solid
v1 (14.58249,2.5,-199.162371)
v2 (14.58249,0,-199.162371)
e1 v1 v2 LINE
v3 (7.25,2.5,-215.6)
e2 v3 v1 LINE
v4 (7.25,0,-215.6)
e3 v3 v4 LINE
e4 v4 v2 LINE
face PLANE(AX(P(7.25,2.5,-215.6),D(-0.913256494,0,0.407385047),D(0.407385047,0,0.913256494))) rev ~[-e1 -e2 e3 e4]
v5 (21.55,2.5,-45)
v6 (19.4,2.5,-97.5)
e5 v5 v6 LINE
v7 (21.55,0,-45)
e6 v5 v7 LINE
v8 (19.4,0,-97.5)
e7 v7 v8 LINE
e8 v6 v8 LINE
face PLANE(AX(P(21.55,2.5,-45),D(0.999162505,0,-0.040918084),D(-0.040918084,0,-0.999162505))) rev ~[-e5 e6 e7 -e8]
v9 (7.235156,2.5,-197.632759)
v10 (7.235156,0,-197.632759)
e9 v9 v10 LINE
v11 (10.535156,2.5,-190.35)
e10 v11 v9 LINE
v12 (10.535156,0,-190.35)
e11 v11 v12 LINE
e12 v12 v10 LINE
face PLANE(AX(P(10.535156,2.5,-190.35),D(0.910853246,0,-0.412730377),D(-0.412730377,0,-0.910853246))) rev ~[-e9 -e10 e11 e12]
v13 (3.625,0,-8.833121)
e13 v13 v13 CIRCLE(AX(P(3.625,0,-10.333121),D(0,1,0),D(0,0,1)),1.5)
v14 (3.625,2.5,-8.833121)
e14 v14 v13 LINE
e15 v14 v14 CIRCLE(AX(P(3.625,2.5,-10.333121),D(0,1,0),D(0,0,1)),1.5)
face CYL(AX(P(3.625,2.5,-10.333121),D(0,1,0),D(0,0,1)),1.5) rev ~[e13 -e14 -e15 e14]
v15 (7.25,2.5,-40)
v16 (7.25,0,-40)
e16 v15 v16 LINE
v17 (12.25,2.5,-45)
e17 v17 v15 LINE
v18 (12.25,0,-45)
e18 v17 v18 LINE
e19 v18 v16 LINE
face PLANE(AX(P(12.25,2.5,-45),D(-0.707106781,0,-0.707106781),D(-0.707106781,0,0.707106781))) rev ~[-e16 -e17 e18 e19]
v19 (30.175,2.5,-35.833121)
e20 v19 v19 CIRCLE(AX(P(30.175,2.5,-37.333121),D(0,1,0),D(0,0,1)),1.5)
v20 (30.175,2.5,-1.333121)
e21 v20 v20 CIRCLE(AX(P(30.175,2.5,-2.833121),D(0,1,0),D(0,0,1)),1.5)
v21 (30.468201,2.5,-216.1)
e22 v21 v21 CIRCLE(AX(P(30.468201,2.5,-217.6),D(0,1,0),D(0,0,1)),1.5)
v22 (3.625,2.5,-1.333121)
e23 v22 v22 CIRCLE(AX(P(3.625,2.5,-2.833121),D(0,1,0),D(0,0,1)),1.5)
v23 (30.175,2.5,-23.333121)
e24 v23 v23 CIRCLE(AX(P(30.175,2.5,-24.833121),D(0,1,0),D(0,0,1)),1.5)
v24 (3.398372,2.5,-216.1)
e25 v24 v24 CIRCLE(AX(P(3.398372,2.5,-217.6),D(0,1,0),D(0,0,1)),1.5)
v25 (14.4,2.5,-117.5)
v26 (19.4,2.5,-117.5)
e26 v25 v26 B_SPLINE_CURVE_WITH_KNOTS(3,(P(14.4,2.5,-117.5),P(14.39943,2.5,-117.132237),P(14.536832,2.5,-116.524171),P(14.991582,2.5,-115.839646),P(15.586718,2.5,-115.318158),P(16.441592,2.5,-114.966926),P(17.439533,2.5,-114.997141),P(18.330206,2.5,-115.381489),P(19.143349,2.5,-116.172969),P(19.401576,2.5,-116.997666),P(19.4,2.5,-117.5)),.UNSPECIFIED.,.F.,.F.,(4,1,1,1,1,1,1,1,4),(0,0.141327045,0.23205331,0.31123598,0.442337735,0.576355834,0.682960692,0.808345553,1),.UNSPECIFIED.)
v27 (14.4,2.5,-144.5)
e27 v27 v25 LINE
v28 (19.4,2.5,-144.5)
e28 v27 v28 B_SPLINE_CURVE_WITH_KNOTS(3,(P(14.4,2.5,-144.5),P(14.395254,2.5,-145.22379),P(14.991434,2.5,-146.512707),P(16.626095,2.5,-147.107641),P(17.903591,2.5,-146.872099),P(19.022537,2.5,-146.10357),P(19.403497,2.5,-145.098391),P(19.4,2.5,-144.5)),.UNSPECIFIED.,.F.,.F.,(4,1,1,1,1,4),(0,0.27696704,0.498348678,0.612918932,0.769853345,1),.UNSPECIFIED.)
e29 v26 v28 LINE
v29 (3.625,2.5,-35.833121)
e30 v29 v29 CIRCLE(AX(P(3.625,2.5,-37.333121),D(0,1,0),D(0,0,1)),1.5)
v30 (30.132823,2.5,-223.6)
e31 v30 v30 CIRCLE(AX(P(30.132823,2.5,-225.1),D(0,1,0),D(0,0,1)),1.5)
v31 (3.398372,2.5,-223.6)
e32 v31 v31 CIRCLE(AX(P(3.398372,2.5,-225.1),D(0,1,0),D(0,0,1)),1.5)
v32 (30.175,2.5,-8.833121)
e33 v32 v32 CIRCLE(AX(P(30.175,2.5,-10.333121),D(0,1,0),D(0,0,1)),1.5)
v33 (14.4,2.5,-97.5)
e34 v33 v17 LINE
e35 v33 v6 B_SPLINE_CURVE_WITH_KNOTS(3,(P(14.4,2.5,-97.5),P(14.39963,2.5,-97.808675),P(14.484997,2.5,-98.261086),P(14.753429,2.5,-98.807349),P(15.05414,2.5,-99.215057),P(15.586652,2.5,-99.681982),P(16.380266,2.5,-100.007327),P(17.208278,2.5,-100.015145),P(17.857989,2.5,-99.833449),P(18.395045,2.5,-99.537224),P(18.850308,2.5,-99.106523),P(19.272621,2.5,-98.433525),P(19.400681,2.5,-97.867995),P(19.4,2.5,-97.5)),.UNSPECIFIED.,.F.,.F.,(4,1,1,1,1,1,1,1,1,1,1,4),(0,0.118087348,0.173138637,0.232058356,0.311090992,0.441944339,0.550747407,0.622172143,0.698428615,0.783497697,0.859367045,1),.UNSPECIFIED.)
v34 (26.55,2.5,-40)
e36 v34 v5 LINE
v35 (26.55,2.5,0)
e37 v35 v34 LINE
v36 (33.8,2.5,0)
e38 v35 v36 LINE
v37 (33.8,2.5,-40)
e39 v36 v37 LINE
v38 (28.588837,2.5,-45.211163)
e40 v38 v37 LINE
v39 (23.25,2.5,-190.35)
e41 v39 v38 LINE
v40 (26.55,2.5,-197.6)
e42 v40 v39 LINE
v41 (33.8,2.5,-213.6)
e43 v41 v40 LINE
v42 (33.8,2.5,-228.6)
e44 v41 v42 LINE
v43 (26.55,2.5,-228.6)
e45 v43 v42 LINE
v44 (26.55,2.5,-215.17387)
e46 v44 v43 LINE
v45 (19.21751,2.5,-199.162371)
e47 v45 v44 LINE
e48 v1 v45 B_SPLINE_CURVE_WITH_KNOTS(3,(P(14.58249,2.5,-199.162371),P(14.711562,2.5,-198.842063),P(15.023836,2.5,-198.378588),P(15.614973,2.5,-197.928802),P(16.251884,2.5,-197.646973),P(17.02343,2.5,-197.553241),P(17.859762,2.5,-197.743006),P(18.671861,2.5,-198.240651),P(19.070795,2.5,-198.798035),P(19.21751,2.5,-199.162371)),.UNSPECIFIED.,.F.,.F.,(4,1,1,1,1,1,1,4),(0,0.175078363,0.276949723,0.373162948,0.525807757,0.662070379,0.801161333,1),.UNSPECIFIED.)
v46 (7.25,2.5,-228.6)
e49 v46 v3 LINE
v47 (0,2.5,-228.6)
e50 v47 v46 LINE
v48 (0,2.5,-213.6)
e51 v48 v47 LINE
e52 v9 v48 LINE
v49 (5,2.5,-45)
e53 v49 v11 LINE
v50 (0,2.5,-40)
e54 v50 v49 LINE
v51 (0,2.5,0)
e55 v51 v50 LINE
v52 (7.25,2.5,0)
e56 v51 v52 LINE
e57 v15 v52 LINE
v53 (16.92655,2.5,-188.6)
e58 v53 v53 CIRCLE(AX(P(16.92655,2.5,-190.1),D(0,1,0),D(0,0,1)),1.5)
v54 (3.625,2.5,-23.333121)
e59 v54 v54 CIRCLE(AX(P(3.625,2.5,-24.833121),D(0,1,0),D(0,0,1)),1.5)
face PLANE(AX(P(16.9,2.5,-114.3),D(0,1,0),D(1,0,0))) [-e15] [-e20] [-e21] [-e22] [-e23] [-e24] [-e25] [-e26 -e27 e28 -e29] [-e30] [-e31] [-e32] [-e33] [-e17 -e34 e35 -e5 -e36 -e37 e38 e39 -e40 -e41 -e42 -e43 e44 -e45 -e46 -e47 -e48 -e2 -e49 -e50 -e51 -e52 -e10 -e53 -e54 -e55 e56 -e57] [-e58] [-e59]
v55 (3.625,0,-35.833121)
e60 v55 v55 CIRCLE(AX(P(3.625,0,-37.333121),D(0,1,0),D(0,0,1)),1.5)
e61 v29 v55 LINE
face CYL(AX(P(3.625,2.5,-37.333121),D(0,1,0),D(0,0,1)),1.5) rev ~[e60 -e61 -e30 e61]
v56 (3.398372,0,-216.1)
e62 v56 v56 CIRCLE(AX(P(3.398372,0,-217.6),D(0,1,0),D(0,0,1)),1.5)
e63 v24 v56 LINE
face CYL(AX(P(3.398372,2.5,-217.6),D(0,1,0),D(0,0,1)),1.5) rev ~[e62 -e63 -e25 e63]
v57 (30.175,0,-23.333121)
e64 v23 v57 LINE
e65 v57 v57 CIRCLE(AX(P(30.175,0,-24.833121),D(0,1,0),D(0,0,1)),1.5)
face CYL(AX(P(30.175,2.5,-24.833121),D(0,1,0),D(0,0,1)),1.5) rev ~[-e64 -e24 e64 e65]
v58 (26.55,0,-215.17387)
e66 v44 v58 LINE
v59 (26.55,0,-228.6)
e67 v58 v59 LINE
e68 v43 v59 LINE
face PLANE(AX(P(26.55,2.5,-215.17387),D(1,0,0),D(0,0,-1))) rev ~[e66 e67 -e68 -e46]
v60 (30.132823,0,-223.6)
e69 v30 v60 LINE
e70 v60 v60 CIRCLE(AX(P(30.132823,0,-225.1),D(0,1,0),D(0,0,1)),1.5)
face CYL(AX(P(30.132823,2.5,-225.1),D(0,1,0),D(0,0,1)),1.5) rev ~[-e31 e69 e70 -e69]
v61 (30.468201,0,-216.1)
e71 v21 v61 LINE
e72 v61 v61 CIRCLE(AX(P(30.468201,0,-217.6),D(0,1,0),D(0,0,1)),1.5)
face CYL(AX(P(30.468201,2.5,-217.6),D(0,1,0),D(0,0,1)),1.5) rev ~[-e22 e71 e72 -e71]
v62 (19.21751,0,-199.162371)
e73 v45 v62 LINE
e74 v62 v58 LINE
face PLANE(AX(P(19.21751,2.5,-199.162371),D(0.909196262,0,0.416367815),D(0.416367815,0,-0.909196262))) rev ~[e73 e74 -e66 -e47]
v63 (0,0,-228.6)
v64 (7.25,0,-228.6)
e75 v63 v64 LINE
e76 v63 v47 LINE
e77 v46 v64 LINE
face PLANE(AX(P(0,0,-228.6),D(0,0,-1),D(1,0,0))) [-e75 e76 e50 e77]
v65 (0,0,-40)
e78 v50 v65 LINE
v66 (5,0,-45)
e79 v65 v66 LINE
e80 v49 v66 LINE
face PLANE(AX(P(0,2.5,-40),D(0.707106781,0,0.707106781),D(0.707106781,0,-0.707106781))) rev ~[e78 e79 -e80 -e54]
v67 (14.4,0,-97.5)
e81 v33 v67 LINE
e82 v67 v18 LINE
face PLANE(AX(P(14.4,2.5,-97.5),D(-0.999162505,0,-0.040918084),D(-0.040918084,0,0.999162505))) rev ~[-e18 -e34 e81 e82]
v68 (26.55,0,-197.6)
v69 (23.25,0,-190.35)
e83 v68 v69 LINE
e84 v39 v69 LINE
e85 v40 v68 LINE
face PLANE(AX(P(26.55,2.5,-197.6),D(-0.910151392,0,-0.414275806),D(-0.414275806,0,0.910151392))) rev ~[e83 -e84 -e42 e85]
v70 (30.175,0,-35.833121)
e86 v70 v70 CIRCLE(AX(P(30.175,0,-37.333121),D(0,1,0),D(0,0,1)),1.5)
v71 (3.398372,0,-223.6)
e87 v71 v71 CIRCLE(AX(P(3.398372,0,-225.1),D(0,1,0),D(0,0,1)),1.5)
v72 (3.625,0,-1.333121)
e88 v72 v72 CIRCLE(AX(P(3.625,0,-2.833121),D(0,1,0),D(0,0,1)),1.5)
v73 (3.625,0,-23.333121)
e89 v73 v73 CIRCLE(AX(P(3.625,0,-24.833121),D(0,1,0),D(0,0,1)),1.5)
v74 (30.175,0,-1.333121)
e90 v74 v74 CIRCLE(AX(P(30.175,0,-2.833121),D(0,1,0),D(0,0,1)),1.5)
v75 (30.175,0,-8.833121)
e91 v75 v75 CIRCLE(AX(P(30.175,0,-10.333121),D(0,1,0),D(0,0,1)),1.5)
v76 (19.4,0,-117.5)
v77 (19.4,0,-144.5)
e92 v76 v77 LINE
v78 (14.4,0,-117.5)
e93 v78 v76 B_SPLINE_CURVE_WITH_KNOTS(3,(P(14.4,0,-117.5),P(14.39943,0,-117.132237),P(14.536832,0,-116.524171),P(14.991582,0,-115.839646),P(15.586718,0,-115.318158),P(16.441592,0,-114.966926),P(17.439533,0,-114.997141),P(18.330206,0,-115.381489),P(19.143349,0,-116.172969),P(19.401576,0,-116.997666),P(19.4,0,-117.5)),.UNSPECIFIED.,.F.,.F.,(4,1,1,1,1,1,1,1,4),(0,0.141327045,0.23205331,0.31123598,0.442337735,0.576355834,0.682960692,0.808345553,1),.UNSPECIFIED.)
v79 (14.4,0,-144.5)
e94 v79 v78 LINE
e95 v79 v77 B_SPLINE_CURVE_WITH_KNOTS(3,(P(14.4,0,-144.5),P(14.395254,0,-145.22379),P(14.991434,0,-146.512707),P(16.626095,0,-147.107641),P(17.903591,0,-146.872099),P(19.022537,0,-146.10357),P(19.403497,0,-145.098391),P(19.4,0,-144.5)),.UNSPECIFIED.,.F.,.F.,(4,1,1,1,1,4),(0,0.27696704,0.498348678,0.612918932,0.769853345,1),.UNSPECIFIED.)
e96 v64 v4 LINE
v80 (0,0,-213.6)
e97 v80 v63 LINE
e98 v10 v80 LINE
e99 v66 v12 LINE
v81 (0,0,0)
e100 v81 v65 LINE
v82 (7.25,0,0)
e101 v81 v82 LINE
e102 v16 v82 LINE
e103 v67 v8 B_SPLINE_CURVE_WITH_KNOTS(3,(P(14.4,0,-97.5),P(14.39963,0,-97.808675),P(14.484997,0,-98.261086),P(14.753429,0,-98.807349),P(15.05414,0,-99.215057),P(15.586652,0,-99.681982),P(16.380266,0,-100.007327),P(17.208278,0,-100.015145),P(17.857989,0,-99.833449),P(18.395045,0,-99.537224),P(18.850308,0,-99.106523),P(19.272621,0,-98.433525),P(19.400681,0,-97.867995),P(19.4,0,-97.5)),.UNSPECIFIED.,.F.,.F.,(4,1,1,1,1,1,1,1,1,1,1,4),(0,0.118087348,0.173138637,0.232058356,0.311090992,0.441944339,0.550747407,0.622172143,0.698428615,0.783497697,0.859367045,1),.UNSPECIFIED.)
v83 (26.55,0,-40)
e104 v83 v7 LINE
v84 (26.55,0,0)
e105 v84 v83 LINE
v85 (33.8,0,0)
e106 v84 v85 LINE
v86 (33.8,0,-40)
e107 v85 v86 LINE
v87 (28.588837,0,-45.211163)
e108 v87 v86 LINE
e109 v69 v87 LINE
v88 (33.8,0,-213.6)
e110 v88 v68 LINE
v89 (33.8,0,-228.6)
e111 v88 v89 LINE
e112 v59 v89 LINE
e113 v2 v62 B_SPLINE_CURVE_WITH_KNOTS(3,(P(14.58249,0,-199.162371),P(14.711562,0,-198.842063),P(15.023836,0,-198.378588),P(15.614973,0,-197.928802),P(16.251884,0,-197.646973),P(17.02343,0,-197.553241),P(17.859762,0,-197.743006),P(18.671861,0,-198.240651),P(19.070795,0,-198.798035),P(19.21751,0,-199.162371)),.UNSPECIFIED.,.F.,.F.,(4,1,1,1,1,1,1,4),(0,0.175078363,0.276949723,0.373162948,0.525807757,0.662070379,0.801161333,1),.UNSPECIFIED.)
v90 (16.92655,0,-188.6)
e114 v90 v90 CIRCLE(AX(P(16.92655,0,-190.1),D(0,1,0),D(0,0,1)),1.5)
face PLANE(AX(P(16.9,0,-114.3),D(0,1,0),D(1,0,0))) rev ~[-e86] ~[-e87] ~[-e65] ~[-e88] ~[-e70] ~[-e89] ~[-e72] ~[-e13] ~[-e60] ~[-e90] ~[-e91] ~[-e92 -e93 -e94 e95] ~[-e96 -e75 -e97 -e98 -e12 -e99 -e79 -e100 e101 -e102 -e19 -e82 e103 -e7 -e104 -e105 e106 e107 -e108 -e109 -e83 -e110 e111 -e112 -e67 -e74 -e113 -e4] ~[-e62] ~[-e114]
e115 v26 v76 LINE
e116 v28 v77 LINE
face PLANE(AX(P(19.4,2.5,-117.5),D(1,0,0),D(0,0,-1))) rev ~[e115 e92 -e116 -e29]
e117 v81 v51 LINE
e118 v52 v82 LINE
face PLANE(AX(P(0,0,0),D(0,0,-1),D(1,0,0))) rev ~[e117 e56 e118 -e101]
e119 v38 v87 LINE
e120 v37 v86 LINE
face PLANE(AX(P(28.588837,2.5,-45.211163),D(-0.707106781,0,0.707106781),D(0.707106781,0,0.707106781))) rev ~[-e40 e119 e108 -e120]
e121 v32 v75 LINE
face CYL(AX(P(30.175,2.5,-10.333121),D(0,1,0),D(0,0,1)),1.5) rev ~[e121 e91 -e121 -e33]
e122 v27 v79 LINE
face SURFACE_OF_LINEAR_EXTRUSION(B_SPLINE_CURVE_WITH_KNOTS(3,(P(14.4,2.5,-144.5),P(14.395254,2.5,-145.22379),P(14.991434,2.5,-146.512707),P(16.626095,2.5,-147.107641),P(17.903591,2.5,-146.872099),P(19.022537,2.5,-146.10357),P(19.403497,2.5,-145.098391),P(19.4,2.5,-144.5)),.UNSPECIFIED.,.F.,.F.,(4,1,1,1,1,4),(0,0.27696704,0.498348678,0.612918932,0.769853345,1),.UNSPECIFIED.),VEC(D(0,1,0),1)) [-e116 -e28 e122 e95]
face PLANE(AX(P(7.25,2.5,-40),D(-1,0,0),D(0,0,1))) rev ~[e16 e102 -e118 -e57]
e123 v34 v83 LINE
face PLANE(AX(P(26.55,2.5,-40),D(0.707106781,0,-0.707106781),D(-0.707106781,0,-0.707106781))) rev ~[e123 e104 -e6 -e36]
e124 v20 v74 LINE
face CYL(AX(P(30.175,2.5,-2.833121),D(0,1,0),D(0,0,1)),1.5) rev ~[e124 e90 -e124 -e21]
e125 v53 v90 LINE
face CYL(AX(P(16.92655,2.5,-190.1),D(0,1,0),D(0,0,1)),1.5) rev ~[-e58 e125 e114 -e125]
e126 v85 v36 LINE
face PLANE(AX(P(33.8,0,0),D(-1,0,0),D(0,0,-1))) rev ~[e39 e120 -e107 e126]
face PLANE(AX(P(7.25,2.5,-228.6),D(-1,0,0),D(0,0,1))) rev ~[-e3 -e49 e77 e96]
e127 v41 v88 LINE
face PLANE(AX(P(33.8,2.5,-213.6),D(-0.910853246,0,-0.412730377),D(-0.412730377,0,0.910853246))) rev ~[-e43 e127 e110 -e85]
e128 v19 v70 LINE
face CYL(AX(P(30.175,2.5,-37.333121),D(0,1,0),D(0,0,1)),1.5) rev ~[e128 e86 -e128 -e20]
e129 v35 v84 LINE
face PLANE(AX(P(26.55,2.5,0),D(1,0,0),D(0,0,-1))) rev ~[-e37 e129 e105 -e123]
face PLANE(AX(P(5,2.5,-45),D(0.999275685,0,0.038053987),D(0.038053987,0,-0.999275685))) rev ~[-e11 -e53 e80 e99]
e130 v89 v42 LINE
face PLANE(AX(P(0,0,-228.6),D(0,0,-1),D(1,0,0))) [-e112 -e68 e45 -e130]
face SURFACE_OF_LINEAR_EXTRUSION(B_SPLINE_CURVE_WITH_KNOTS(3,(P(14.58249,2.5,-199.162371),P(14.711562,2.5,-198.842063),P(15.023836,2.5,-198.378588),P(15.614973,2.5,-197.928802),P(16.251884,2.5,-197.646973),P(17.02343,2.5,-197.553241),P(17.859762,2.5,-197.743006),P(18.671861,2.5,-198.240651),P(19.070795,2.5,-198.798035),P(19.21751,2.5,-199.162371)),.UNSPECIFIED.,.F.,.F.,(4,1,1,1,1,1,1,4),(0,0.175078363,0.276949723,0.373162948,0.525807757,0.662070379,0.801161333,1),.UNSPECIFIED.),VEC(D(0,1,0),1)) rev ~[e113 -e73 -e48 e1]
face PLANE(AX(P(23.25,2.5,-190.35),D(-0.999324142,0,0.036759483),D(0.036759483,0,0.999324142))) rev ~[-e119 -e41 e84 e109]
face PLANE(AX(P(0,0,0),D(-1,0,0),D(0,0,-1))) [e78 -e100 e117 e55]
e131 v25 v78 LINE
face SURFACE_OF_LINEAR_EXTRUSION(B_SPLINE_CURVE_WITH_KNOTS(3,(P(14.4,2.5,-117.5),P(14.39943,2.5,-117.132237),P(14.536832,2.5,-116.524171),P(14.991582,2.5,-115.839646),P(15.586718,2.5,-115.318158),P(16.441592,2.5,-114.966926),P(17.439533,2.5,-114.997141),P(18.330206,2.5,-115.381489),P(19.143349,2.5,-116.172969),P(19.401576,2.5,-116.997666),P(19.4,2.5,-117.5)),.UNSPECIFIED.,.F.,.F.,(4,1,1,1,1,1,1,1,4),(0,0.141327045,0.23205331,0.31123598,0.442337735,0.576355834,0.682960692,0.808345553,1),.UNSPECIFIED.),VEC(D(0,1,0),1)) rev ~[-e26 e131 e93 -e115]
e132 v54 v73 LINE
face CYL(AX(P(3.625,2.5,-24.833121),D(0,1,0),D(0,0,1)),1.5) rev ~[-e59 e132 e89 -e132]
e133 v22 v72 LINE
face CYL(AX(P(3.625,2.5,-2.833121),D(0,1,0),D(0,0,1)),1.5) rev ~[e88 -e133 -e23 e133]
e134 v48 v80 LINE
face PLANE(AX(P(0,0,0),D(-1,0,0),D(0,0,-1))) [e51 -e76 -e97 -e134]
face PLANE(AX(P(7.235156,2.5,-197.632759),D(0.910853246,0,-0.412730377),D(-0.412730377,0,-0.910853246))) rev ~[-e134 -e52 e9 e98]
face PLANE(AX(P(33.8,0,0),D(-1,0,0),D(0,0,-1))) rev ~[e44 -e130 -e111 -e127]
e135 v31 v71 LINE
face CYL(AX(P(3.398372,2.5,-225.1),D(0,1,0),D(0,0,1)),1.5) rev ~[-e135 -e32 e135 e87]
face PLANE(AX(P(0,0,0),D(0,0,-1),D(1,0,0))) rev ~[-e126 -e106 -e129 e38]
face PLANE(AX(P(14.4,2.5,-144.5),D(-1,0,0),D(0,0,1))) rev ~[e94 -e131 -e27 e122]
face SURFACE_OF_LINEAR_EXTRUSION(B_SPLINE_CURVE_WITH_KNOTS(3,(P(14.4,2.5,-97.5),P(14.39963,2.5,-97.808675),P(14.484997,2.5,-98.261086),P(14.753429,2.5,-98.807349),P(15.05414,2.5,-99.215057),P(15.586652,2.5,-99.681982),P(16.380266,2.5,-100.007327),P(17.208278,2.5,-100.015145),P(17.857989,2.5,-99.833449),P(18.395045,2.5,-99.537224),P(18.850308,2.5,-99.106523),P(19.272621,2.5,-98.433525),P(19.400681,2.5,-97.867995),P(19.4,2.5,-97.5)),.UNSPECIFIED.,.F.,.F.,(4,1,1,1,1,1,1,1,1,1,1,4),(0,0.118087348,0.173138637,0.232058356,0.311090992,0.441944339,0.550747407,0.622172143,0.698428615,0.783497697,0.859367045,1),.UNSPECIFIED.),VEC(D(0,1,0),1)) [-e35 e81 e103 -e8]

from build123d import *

# Parameters (mm, degrees)
SKETCH1_W           = 33.8
SKETCH1_H           = 228.6
BOSS_EXTRUDE1_DEPTH = 2.5
CUT_EXTRUDE1_DEPTH  = 2.5
SKETCH2_6_OUTSIDE_W = 82.02
SKETCH2_6_OUTSIDE_H = 276.82
CUT_EXTRUDE2_DEPTH  = 2.5
SKETCH5_R           = 1.5
CUT_EXTRUDE3_DEPTH  = 2.5


with BuildPart() as part:
    # Sketch1 → Boss-Extrude1 (new body)
    with BuildSketch(Plane(origin=(0, 0, 0), x_dir=(1, 0, 0), z_dir=(0, 1, 0))):
        with Locations((16.9, 114.3)):
            Rectangle(SKETCH1_W, SKETCH1_H)
    extrude(amount=BOSS_EXTRUDE1_DEPTH)

    # Sketch2 → Cut-Extrude1 (cut)
    with BuildSketch(Plane(origin=(0, 2.5, 0), x_dir=(1, 0, 0), z_dir=(0, 1, 0))):
        with BuildLine():
            Line((14.4, 144.5), (14.4, 117.5))
            add(Edge.make_bspline(
                [(14.4, 117.5), (14.399430285, 117.132237239), (14.536831695, 116.524171276), (14.991581605, 115.839645543), (15.586717627, 115.318158312), (16.441592425, 114.966926324), (17.439533495, 114.99714129), (18.330206262, 115.381489106), (19.143348717, 116.172968782), (19.401576387, 116.99766646), (19.4, 117.5)],
                knots=[0, 0, 0, 0, 0.141327045, 0.23205331, 0.31123598, 0.442337735, 0.576355834, 0.682960692, 0.808345553, 1, 1, 1, 1], degree=3))
            Line((19.4, 117.5), (19.4, 144.5))
            add(Edge.make_bspline(
                [(14.4, 144.5), (14.395253504, 145.223790204), (14.991433849, 146.512706872), (16.62609513, 147.107640812), (17.903590827, 146.872098871), (19.022537404, 146.103569848), (19.403497366, 145.098391499), (19.4, 144.5)],
                knots=[0, 0, 0, 0, 0.27696704, 0.498348678, 0.612918932, 0.769853345, 1, 1, 1, 1], degree=3))
        make_face()
    extrude(amount=-CUT_EXTRUDE1_DEPTH, mode=Mode.SUBTRACT)

    # Sketch2<6> outside → Cut-Extrude2 (cut)
    with BuildSketch(Plane(origin=(0, 2.5, 0), x_dir=(1, 0, 0), z_dir=(0, 1, 0))):
        with Locations((16.9, 114.3)):
            Rectangle(SKETCH2_6_OUTSIDE_W, SKETCH2_6_OUTSIDE_H)
        with BuildLine():
            Line((0, 228.6), (7.25, 228.6))
            Line((7.25, 228.6), (7.25, 215.6))
            Line((7.25, 215.6), (14.582490059, 199.162371251))
            add(Edge.make_bspline(
                [(14.582490059, 199.162371251), (14.711561898, 198.842062842), (15.023836131, 198.378588046), (15.614972661, 197.928802428), (16.251883656, 197.646972571), (17.023429753, 197.553241488), (17.859761798, 197.743006401), (18.671860535, 198.240651313), (19.070795177, 198.798035014), (19.217509941, 199.162371251)],
                knots=[0, 0, 0, 0, 0.175078363, 0.276949723, 0.373162948, 0.525807757, 0.662070379, 0.801161333, 1, 1, 1, 1], degree=3))
            Line((19.217509941, 199.162371251), (26.55, 215.173869546))
            Line((26.55, 215.173869546), (26.55, 228.6))
            Line((26.55, 228.6), (33.8, 228.6))
            Line((33.8, 228.6), (33.8, 213.6))
            Line((33.8, 213.6), (26.55, 197.6))
            Line((26.55, 197.6), (23.25, 190.35))
            Line((23.25, 190.35), (28.588836909, 45.211163091))
            Line((28.588836909, 45.211163091), (33.8, 40))
            Line((33.8, 40), (33.8, 0))
            Line((33.8, 0), (26.55, 0))
            Line((26.55, 0), (26.55, 40))
            Line((26.55, 40), (21.55, 45))
            Line((21.55, 45), (19.4, 97.5))
            add(Edge.make_bspline(
                [(14.4, 97.5), (14.39963006, 97.808675141), (14.484997073, 98.261085854), (14.753428782, 98.807348646), (15.054139544, 99.215057311), (15.586652418, 99.681982141), (16.380265598, 100.007326678), (17.208278255, 100.01514461), (17.857989388, 99.833449339), (18.395045275, 99.537224279), (18.85030775, 99.106523366), (19.272621439, 98.433524922), (19.400681372, 97.867995006), (19.4, 97.5)],
                knots=[0, 0, 0, 0, 0.118087348, 0.173138637, 0.232058356, 0.311090992, 0.441944339, 0.550747407, 0.622172143, 0.698428615, 0.783497697, 0.859367045, 1, 1, 1, 1], degree=3))
            Line((14.4, 97.5), (12.25, 45))
            Line((12.25, 45), (7.25, 40))
            Line((7.25, 40), (7.25, 0))
            Line((7.25, 0), (0, 0))
            Line((0, 0), (0, 40))
            Line((0, 40), (5, 45))
            Line((5, 45), (10.53515625, 190.35))
            Line((10.53515625, 190.35), (7.23515625, 197.632758621))
            Line((7.23515625, 197.632758621), (0, 213.6))
            Line((0, 213.6), (0, 228.6))
        make_face(mode=Mode.SUBTRACT)
    extrude(amount=-CUT_EXTRUDE2_DEPTH, mode=Mode.SUBTRACT)

    # Sketch5 → Cut-Extrude3 (cut)
    with BuildSketch(Plane(origin=(0, 2.5, 0), x_dir=(1, 0, 0), z_dir=(0, 1, 0))):
        with Locations((3.398371539, 225.1)):
            Circle(SKETCH5_R)
        with Locations((3.398371539, 217.6)):
            Circle(SKETCH5_R)
        with Locations((30.132823035, 225.1)):
            Circle(SKETCH5_R)
        with Locations((30.468201459, 217.6)):
            Circle(SKETCH5_R)
        with Locations((3.625, 2.833121102)):
            Circle(SKETCH5_R)
        with Locations((30.175, 2.833121102)):
            Circle(SKETCH5_R)
        with Locations((3.625, 10.333121102)):
            Circle(SKETCH5_R)
        with Locations((3.625, 24.833121102)):
            Circle(SKETCH5_R)
        with Locations((3.625, 37.333121102)):
            Circle(SKETCH5_R)
        with Locations((30.175, 10.333121102)):
            Circle(SKETCH5_R)
        with Locations((30.175, 24.833121102)):
            Circle(SKETCH5_R)
        with Locations((30.175, 37.333121102)):
            Circle(SKETCH5_R)
        with Locations((16.926550078, 190.1)):
            Circle(SKETCH5_R)
    extrude(amount=-CUT_EXTRUDE3_DEPTH, mode=Mode.SUBTRACT)


solid = part.part
